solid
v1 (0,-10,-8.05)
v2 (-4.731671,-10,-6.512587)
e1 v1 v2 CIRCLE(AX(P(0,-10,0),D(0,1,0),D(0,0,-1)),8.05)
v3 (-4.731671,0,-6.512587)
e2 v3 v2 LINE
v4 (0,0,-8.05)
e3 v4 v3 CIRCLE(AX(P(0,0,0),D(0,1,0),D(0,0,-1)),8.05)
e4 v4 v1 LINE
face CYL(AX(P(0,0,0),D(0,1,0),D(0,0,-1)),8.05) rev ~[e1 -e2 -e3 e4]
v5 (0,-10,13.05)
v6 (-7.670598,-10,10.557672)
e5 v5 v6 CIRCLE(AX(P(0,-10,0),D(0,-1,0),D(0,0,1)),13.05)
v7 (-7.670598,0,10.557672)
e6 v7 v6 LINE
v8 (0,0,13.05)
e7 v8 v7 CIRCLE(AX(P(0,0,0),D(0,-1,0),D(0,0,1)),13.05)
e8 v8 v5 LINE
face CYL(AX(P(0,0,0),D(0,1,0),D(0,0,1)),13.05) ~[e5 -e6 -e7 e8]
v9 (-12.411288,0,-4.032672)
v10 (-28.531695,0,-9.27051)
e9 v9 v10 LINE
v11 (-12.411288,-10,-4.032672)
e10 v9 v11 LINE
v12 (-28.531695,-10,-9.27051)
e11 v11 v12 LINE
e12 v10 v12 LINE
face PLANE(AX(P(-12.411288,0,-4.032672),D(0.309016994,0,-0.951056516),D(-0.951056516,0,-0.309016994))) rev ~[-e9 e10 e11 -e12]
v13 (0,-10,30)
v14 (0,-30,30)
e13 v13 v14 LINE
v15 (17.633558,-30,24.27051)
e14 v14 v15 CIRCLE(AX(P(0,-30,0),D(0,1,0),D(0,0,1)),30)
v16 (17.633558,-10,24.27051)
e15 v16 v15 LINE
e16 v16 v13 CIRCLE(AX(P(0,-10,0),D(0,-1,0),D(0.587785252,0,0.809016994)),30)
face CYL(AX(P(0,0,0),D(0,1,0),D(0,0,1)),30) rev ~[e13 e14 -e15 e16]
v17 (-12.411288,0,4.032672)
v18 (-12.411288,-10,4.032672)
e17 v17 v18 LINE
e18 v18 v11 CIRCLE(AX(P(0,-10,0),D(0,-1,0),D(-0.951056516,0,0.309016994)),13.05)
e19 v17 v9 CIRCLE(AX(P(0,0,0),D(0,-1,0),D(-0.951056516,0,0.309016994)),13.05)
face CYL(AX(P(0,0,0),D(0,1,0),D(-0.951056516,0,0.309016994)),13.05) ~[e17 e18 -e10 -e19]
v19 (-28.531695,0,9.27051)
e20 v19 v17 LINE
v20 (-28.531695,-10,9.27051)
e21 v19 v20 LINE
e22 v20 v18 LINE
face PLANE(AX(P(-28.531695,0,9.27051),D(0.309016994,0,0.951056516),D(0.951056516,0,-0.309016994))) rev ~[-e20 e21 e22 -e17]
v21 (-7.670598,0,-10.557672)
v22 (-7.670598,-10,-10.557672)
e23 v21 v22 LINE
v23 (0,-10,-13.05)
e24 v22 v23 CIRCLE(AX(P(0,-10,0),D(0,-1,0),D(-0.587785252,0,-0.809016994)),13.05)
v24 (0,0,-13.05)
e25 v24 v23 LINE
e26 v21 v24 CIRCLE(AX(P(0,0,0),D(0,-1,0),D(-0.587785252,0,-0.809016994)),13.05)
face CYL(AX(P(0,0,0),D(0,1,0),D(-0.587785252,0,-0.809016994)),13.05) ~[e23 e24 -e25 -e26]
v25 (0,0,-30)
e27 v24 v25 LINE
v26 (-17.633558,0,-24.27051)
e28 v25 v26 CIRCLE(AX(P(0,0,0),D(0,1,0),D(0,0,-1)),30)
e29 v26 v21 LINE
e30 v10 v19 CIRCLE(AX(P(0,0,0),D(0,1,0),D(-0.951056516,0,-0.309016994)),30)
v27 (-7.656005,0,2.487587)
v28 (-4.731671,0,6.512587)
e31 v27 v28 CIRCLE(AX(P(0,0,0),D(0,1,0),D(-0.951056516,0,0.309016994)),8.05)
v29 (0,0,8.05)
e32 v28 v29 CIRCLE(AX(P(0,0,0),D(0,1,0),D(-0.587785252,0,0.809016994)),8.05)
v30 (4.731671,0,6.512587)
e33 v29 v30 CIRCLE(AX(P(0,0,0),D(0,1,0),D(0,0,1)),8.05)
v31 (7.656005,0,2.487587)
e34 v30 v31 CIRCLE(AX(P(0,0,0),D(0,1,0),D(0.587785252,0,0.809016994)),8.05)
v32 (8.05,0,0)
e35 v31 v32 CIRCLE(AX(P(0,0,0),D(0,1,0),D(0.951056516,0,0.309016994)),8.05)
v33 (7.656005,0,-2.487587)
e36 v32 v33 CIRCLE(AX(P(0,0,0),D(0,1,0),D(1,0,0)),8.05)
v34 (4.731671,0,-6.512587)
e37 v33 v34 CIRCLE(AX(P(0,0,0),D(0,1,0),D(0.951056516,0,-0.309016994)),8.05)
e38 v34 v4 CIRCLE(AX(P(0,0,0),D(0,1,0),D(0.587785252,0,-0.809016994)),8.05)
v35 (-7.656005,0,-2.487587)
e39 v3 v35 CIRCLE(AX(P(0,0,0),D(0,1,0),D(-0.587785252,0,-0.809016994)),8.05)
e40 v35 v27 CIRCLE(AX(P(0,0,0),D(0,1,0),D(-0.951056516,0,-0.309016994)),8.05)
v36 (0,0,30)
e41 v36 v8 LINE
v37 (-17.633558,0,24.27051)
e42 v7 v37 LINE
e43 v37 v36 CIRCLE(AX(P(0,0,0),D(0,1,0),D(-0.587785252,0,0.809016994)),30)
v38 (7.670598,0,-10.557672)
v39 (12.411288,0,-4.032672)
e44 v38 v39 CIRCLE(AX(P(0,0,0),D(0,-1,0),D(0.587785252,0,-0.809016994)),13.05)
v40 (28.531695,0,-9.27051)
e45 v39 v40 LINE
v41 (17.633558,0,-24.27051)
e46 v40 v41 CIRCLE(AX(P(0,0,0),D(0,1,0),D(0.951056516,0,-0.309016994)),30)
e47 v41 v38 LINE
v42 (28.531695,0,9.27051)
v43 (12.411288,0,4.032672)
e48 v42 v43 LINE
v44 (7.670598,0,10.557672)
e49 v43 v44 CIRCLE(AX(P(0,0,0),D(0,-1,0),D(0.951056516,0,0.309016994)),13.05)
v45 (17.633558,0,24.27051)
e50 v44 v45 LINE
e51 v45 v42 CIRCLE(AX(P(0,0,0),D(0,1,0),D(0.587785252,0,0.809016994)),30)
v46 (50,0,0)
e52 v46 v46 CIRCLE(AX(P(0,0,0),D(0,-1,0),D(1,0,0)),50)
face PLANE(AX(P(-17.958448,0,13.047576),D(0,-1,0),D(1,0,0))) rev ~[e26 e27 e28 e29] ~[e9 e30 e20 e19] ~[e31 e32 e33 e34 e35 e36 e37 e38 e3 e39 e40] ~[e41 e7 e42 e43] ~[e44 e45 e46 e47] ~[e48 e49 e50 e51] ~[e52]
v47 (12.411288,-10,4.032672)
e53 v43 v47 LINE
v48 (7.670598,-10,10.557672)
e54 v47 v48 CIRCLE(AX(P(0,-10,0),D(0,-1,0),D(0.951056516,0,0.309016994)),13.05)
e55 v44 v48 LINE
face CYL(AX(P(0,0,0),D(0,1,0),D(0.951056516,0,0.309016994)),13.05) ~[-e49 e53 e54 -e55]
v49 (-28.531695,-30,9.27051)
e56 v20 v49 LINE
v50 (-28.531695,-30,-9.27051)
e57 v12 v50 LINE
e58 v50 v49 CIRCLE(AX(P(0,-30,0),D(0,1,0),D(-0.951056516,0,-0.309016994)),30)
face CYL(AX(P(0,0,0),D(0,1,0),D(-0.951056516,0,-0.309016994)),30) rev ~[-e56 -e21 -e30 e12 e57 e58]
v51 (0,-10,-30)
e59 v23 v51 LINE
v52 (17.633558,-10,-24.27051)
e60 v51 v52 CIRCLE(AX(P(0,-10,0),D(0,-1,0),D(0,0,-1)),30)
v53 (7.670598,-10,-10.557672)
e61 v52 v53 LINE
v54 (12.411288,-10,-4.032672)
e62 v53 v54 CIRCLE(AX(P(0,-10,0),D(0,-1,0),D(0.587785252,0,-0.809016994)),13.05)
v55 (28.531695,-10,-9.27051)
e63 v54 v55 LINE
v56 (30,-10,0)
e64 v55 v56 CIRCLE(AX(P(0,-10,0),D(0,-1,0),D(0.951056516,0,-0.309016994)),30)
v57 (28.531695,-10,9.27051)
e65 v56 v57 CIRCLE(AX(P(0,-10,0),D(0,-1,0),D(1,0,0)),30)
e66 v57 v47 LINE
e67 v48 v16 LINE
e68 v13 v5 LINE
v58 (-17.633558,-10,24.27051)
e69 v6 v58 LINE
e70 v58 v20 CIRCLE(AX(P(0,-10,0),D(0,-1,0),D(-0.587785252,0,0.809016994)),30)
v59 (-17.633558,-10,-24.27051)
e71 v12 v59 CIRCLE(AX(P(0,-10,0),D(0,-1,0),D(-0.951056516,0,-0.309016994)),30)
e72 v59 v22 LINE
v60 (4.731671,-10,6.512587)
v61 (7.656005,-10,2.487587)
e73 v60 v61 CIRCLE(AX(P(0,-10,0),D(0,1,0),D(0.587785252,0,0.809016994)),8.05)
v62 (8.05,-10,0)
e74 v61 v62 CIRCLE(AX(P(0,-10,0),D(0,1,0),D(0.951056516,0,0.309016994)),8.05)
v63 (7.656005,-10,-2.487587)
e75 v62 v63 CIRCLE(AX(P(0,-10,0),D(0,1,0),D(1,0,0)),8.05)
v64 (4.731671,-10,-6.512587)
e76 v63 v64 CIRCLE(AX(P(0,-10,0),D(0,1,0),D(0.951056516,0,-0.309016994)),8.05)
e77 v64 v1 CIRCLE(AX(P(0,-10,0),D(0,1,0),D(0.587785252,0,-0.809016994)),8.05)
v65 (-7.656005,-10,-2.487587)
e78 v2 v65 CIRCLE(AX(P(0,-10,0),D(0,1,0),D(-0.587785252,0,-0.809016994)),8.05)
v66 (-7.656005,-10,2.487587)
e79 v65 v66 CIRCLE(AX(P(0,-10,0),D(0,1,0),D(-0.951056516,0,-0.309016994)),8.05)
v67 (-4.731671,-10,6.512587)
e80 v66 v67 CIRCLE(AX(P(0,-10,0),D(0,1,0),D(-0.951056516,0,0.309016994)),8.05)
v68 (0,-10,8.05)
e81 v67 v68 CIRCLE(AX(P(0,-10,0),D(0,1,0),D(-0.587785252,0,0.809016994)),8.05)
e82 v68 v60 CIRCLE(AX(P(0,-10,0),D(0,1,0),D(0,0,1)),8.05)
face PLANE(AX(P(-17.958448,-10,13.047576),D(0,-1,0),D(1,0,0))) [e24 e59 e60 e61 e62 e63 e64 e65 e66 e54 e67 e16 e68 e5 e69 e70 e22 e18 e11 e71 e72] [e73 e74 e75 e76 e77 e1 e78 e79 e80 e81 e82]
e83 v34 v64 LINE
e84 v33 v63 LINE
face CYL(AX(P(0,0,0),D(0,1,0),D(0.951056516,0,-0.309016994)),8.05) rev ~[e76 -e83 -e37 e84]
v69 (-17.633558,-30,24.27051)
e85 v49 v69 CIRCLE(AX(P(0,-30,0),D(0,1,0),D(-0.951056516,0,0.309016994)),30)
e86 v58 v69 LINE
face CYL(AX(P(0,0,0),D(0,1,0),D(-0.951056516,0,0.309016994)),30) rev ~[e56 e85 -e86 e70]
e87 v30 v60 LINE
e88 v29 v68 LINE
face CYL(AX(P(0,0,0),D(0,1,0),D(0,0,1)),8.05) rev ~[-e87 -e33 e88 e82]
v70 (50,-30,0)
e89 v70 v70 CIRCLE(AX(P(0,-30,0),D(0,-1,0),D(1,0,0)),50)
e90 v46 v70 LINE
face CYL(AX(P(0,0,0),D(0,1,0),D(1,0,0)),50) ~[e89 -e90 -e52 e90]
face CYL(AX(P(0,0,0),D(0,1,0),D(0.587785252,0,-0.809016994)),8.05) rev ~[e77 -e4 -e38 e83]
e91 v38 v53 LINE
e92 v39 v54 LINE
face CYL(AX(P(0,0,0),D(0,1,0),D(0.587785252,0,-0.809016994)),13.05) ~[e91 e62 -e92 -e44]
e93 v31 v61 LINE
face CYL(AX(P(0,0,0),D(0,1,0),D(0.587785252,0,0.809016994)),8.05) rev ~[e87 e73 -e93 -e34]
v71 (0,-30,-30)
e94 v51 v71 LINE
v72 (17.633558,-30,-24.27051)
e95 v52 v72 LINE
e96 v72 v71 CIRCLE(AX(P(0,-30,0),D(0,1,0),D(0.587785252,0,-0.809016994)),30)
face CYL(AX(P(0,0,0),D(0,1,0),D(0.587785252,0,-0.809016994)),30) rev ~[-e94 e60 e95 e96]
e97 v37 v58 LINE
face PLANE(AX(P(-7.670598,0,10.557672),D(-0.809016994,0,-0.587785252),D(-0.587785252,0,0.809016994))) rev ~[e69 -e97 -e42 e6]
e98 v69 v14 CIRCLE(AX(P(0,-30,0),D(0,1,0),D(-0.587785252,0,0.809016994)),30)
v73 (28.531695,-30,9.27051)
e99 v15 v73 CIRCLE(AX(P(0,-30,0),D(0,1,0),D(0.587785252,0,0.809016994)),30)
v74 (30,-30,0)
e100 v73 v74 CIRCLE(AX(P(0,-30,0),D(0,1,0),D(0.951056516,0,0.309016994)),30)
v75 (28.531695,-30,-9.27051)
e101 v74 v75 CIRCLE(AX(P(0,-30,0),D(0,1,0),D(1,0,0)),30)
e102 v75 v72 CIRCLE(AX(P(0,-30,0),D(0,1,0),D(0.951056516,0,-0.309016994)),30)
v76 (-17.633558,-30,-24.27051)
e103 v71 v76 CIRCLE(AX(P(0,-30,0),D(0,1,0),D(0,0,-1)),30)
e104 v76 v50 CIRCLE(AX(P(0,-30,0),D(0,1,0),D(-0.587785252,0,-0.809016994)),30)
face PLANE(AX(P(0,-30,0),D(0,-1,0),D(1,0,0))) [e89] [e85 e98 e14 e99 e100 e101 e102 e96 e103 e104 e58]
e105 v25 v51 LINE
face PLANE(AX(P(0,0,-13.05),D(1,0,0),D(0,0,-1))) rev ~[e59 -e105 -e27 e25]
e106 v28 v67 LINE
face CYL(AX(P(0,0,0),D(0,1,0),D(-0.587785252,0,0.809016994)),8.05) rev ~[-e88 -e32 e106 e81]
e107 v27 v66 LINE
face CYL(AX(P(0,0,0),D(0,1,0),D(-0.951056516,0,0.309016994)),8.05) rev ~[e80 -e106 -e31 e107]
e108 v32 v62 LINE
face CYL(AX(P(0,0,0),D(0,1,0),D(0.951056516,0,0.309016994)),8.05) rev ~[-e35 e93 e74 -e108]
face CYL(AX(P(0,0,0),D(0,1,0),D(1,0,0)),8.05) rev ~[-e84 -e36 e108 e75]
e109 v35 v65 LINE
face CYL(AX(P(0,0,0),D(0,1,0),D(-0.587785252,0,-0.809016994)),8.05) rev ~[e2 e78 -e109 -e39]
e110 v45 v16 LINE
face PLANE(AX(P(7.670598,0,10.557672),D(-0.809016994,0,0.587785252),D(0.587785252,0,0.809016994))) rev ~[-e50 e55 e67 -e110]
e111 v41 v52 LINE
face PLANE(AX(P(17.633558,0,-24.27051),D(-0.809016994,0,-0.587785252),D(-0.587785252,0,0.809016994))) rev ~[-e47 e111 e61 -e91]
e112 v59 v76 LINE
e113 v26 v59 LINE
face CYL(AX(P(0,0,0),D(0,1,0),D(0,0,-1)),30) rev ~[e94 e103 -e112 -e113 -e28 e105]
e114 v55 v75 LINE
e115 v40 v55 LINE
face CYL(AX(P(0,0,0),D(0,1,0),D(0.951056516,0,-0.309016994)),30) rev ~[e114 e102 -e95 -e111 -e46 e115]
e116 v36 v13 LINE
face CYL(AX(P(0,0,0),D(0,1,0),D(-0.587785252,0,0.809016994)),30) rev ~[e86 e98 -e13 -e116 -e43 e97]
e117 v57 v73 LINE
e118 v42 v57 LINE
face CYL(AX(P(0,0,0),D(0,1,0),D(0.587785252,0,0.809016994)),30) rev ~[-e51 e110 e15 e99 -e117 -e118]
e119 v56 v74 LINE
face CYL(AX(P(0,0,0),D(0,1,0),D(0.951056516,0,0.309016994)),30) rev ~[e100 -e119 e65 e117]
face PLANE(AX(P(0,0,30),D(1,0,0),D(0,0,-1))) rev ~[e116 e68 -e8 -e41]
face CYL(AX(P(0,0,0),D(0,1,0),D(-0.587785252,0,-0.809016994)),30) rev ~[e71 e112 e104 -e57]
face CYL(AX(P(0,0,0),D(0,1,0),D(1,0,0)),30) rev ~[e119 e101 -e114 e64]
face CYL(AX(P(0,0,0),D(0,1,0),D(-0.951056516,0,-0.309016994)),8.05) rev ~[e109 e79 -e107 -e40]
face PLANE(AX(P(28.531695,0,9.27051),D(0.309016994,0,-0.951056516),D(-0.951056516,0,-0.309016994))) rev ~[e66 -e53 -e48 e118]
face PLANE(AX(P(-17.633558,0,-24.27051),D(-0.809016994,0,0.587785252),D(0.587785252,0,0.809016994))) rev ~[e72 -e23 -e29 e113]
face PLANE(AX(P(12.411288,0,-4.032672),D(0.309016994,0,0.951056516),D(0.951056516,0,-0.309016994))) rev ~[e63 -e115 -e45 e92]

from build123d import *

# Parameters (mm, degrees)
F0_R     = 50
F1_DEPTH = 30
F2_DEPTH = 10


with BuildPart() as f1:
    # F0 (on Front) → F1 (new body)
    with BuildSketch(Plane.XZ):
        Circle(F0_R)
        with BuildLine():
            ThreePointArc((28.5316954889, 9.2705098312), (29.6306502179, 4.6930339512), (30, 0))
            ThreePointArc((30, 0), (29.6306502179, -4.6930339512), (28.5316954889, -9.2705098312))
            ThreePointArc((28.5316954889, -9.2705098312), (24.2705098312, -17.6335575688), (17.6335575688, -24.2705098312))
            ThreePointArc((17.6335575688, -24.2705098312), (9.2705098312, -28.5316954889), (0, -30))
            ThreePointArc((0, -30), (-9.2705098312, -28.5316954889), (-17.6335575688, -24.2705098312))
            ThreePointArc((-17.6335575688, -24.2705098312), (-24.2705098312, -17.6335575688), (-28.5316954889, -9.2705098312))
            ThreePointArc((-28.5316954889, -9.2705098312), (-30, 0), (-28.5316954889, 9.2705098312))
            ThreePointArc((-28.5316954889, 9.2705098312), (-24.2705098312, 17.6335575688), (-17.6335575688, 24.2705098312))
            ThreePointArc((-17.6335575688, 24.2705098312), (-9.2705098312, 28.5316954889), (0, 30))
            ThreePointArc((0, 30), (9.2705098312, 28.5316954889), (17.6335575688, 24.2705098312))
            ThreePointArc((17.6335575688, 24.2705098312), (24.2705098312, 17.6335575688), (28.5316954889, 9.2705098312))
        make_face(mode=Mode.SUBTRACT)
    extrude(amount=F1_DEPTH)

    # F0 (on Front) → F2 (join)
    with BuildSketch(Plane.XZ):
        with BuildLine():
            Line((-7.6705975424, 10.5576717766), (-17.6335575688, 24.2705098312))
            ThreePointArc((-17.6335575688, 24.2705098312), (-24.2705098312, 17.6335575688), (-28.5316954889, 9.2705098312))
            Line((-28.5316954889, 9.2705098312), (-12.4112875377, 4.0326717766))
            ThreePointArc((-12.4112875377, 4.0326717766), (-10.5576717766, 7.6705975424), (-7.6705975424, 10.5576717766))
        make_face()
        with BuildLine():
            Line((-4.731671281, 6.5125868047), (-7.6705975424, 10.5576717766))
            ThreePointArc((-7.6705975424, 10.5576717766), (-10.5576717766, 7.6705975424), (-12.4112875377, 4.0326717766))
            Line((-12.4112875377, 4.0326717766), (-7.6560049562, 2.4875868047))
            ThreePointArc((-7.6560049562, 2.4875868047), (-6.5125868047, 4.731671281), (-4.731671281, 6.5125868047))
        make_face()
        with BuildLine():
            Line((0, 8.05), (0, 13.05))
            ThreePointArc((0, 13.05), (-4.0326717766, 12.4112875377), (-7.6705975424, 10.5576717766))
            Line((-7.6705975424, 10.5576717766), (-4.731671281, 6.5125868047))
            ThreePointArc((-4.731671281, 6.5125868047), (-2.4875868047, 7.6560049562), (0, 8.05))
        make_face()
        with BuildLine():
            Line((4.731671281, 6.5125868047), (7.6705975424, 10.5576717766))
            ThreePointArc((7.6705975424, 10.5576717766), (4.0326717766, 12.4112875377), (0, 13.05))
            Line((0, 13.05), (0, 8.05))
            ThreePointArc((0, 8.05), (2.4875868047, 7.6560049562), (4.731671281, 6.5125868047))
        make_face()
        with BuildLine():
            Line((7.6560049562, 2.4875868047), (12.4112875377, 4.0326717766))
            ThreePointArc((12.4112875377, 4.0326717766), (10.5576717766, 7.6705975424), (7.6705975424, 10.5576717766))
            Line((7.6705975424, 10.5576717766), (4.731671281, 6.5125868047))
            ThreePointArc((4.731671281, 6.5125868047), (6.5125868047, 4.731671281), (7.6560049562, 2.4875868047))
        make_face()
        with BuildLine():
            ThreePointArc((13.05, 0), (12.8893328448, 2.0414697688), (12.4112875377, 4.0326717766))
            Line((12.4112875377, 4.0326717766), (7.6560049562, 2.4875868047))
            ThreePointArc((7.6560049562, 2.4875868047), (7.9508911418, 1.2592974436), (8.05, 0))
            ThreePointArc((8.05, 0), (7.9508911418, -1.2592974436), (7.6560049562, -2.4875868047))
            Line((7.6560049562, -2.4875868047), (12.4112875377, -4.0326717766))
            ThreePointArc((12.4112875377, -4.0326717766), (12.8893328448, -2.0414697688), (13.05, 0))
        make_face()
        with BuildLine():
            ThreePointArc((7.6705975424, -10.5576717766), (10.5576717766, -7.6705975424), (12.4112875377, -4.0326717766))
            Line((12.4112875377, -4.0326717766), (7.6560049562, -2.4875868047))
            ThreePointArc((7.6560049562, -2.4875868047), (6.5125868047, -4.731671281), (4.731671281, -6.5125868047))
            Line((4.731671281, -6.5125868047), (7.6705975424, -10.5576717766))
        make_face()
        with BuildLine():
            ThreePointArc((0, -13.05), (4.0326717766, -12.4112875377), (7.6705975424, -10.5576717766))
            Line((7.6705975424, -10.5576717766), (4.731671281, -6.5125868047))
            ThreePointArc((4.731671281, -6.5125868047), (2.4875868047, -7.6560049562), (0, -8.05))
            Line((0, -8.05), (0, -13.05))
        make_face()
        with BuildLine():
            ThreePointArc((-7.6705975424, -10.5576717766), (-4.0326717766, -12.4112875377), (0, -13.05))
            Line((0, -13.05), (0, -8.05))
            ThreePointArc((0, -8.05), (-2.4875868047, -7.6560049562), (-4.731671281, -6.5125868047))
            Line((-4.731671281, -6.5125868047), (-7.6705975424, -10.5576717766))
        make_face()
        with BuildLine():
            ThreePointArc((-12.4112875377, -4.0326717766), (-10.5576717766, -7.6705975424), (-7.6705975424, -10.5576717766))
            Line((-7.6705975424, -10.5576717766), (-4.731671281, -6.5125868047))
            ThreePointArc((-4.731671281, -6.5125868047), (-6.5125868047, -4.731671281), (-7.6560049562, -2.4875868047))
            Line((-7.6560049562, -2.4875868047), (-12.4112875377, -4.0326717766))
        make_face()
        with BuildLine():
            Line((-7.6560049562, 2.4875868047), (-12.4112875377, 4.0326717766))
            ThreePointArc((-12.4112875377, 4.0326717766), (-13.05, 0), (-12.4112875377, -4.0326717766))
            Line((-12.4112875377, -4.0326717766), (-7.6560049562, -2.4875868047))
            ThreePointArc((-7.6560049562, -2.4875868047), (-8.05, 0), (-7.6560049562, 2.4875868047))
        make_face()
        with BuildLine():
            ThreePointArc((-28.5316954889, -9.2705098312), (-24.2705098312, -17.6335575688), (-17.6335575688, -24.2705098312))
            Line((-17.6335575688, -24.2705098312), (-7.6705975424, -10.5576717766))
            ThreePointArc((-7.6705975424, -10.5576717766), (-10.5576717766, -7.6705975424), (-12.4112875377, -4.0326717766))
            Line((-12.4112875377, -4.0326717766), (-28.5316954889, -9.2705098312))
        make_face()
        with BuildLine():
            ThreePointArc((0, -30), (9.2705098312, -28.5316954889), (17.6335575688, -24.2705098312))
            Line((17.6335575688, -24.2705098312), (7.6705975424, -10.5576717766))
            ThreePointArc((7.6705975424, -10.5576717766), (4.0326717766, -12.4112875377), (0, -13.05))
            Line((0, -13.05), (0, -30))
        make_face()
        with BuildLine():
            ThreePointArc((28.5316954889, -9.2705098312), (29.6306502179, -4.6930339512), (30, 0))
            ThreePointArc((30, 0), (29.6306502179, 4.6930339512), (28.5316954889, 9.2705098312))
            Line((28.5316954889, 9.2705098312), (12.4112875377, 4.0326717766))
            ThreePointArc((12.4112875377, 4.0326717766), (12.8893328448, 2.0414697688), (13.05, 0))
            ThreePointArc((13.05, 0), (12.8893328448, -2.0414697688), (12.4112875377, -4.0326717766))
            Line((12.4112875377, -4.0326717766), (28.5316954889, -9.2705098312))
        make_face()
        with BuildLine():
            Line((7.6705975424, 10.5576717766), (17.6335575688, 24.2705098312))
            ThreePointArc((17.6335575688, 24.2705098312), (9.2705098312, 28.5316954889), (0, 30))
            Line((0, 30), (0, 13.05))
            ThreePointArc((0, 13.05), (4.0326717766, 12.4112875377), (7.6705975424, 10.5576717766))
        make_face()
    extrude(amount=F2_DEPTH)


solid = f1.part
